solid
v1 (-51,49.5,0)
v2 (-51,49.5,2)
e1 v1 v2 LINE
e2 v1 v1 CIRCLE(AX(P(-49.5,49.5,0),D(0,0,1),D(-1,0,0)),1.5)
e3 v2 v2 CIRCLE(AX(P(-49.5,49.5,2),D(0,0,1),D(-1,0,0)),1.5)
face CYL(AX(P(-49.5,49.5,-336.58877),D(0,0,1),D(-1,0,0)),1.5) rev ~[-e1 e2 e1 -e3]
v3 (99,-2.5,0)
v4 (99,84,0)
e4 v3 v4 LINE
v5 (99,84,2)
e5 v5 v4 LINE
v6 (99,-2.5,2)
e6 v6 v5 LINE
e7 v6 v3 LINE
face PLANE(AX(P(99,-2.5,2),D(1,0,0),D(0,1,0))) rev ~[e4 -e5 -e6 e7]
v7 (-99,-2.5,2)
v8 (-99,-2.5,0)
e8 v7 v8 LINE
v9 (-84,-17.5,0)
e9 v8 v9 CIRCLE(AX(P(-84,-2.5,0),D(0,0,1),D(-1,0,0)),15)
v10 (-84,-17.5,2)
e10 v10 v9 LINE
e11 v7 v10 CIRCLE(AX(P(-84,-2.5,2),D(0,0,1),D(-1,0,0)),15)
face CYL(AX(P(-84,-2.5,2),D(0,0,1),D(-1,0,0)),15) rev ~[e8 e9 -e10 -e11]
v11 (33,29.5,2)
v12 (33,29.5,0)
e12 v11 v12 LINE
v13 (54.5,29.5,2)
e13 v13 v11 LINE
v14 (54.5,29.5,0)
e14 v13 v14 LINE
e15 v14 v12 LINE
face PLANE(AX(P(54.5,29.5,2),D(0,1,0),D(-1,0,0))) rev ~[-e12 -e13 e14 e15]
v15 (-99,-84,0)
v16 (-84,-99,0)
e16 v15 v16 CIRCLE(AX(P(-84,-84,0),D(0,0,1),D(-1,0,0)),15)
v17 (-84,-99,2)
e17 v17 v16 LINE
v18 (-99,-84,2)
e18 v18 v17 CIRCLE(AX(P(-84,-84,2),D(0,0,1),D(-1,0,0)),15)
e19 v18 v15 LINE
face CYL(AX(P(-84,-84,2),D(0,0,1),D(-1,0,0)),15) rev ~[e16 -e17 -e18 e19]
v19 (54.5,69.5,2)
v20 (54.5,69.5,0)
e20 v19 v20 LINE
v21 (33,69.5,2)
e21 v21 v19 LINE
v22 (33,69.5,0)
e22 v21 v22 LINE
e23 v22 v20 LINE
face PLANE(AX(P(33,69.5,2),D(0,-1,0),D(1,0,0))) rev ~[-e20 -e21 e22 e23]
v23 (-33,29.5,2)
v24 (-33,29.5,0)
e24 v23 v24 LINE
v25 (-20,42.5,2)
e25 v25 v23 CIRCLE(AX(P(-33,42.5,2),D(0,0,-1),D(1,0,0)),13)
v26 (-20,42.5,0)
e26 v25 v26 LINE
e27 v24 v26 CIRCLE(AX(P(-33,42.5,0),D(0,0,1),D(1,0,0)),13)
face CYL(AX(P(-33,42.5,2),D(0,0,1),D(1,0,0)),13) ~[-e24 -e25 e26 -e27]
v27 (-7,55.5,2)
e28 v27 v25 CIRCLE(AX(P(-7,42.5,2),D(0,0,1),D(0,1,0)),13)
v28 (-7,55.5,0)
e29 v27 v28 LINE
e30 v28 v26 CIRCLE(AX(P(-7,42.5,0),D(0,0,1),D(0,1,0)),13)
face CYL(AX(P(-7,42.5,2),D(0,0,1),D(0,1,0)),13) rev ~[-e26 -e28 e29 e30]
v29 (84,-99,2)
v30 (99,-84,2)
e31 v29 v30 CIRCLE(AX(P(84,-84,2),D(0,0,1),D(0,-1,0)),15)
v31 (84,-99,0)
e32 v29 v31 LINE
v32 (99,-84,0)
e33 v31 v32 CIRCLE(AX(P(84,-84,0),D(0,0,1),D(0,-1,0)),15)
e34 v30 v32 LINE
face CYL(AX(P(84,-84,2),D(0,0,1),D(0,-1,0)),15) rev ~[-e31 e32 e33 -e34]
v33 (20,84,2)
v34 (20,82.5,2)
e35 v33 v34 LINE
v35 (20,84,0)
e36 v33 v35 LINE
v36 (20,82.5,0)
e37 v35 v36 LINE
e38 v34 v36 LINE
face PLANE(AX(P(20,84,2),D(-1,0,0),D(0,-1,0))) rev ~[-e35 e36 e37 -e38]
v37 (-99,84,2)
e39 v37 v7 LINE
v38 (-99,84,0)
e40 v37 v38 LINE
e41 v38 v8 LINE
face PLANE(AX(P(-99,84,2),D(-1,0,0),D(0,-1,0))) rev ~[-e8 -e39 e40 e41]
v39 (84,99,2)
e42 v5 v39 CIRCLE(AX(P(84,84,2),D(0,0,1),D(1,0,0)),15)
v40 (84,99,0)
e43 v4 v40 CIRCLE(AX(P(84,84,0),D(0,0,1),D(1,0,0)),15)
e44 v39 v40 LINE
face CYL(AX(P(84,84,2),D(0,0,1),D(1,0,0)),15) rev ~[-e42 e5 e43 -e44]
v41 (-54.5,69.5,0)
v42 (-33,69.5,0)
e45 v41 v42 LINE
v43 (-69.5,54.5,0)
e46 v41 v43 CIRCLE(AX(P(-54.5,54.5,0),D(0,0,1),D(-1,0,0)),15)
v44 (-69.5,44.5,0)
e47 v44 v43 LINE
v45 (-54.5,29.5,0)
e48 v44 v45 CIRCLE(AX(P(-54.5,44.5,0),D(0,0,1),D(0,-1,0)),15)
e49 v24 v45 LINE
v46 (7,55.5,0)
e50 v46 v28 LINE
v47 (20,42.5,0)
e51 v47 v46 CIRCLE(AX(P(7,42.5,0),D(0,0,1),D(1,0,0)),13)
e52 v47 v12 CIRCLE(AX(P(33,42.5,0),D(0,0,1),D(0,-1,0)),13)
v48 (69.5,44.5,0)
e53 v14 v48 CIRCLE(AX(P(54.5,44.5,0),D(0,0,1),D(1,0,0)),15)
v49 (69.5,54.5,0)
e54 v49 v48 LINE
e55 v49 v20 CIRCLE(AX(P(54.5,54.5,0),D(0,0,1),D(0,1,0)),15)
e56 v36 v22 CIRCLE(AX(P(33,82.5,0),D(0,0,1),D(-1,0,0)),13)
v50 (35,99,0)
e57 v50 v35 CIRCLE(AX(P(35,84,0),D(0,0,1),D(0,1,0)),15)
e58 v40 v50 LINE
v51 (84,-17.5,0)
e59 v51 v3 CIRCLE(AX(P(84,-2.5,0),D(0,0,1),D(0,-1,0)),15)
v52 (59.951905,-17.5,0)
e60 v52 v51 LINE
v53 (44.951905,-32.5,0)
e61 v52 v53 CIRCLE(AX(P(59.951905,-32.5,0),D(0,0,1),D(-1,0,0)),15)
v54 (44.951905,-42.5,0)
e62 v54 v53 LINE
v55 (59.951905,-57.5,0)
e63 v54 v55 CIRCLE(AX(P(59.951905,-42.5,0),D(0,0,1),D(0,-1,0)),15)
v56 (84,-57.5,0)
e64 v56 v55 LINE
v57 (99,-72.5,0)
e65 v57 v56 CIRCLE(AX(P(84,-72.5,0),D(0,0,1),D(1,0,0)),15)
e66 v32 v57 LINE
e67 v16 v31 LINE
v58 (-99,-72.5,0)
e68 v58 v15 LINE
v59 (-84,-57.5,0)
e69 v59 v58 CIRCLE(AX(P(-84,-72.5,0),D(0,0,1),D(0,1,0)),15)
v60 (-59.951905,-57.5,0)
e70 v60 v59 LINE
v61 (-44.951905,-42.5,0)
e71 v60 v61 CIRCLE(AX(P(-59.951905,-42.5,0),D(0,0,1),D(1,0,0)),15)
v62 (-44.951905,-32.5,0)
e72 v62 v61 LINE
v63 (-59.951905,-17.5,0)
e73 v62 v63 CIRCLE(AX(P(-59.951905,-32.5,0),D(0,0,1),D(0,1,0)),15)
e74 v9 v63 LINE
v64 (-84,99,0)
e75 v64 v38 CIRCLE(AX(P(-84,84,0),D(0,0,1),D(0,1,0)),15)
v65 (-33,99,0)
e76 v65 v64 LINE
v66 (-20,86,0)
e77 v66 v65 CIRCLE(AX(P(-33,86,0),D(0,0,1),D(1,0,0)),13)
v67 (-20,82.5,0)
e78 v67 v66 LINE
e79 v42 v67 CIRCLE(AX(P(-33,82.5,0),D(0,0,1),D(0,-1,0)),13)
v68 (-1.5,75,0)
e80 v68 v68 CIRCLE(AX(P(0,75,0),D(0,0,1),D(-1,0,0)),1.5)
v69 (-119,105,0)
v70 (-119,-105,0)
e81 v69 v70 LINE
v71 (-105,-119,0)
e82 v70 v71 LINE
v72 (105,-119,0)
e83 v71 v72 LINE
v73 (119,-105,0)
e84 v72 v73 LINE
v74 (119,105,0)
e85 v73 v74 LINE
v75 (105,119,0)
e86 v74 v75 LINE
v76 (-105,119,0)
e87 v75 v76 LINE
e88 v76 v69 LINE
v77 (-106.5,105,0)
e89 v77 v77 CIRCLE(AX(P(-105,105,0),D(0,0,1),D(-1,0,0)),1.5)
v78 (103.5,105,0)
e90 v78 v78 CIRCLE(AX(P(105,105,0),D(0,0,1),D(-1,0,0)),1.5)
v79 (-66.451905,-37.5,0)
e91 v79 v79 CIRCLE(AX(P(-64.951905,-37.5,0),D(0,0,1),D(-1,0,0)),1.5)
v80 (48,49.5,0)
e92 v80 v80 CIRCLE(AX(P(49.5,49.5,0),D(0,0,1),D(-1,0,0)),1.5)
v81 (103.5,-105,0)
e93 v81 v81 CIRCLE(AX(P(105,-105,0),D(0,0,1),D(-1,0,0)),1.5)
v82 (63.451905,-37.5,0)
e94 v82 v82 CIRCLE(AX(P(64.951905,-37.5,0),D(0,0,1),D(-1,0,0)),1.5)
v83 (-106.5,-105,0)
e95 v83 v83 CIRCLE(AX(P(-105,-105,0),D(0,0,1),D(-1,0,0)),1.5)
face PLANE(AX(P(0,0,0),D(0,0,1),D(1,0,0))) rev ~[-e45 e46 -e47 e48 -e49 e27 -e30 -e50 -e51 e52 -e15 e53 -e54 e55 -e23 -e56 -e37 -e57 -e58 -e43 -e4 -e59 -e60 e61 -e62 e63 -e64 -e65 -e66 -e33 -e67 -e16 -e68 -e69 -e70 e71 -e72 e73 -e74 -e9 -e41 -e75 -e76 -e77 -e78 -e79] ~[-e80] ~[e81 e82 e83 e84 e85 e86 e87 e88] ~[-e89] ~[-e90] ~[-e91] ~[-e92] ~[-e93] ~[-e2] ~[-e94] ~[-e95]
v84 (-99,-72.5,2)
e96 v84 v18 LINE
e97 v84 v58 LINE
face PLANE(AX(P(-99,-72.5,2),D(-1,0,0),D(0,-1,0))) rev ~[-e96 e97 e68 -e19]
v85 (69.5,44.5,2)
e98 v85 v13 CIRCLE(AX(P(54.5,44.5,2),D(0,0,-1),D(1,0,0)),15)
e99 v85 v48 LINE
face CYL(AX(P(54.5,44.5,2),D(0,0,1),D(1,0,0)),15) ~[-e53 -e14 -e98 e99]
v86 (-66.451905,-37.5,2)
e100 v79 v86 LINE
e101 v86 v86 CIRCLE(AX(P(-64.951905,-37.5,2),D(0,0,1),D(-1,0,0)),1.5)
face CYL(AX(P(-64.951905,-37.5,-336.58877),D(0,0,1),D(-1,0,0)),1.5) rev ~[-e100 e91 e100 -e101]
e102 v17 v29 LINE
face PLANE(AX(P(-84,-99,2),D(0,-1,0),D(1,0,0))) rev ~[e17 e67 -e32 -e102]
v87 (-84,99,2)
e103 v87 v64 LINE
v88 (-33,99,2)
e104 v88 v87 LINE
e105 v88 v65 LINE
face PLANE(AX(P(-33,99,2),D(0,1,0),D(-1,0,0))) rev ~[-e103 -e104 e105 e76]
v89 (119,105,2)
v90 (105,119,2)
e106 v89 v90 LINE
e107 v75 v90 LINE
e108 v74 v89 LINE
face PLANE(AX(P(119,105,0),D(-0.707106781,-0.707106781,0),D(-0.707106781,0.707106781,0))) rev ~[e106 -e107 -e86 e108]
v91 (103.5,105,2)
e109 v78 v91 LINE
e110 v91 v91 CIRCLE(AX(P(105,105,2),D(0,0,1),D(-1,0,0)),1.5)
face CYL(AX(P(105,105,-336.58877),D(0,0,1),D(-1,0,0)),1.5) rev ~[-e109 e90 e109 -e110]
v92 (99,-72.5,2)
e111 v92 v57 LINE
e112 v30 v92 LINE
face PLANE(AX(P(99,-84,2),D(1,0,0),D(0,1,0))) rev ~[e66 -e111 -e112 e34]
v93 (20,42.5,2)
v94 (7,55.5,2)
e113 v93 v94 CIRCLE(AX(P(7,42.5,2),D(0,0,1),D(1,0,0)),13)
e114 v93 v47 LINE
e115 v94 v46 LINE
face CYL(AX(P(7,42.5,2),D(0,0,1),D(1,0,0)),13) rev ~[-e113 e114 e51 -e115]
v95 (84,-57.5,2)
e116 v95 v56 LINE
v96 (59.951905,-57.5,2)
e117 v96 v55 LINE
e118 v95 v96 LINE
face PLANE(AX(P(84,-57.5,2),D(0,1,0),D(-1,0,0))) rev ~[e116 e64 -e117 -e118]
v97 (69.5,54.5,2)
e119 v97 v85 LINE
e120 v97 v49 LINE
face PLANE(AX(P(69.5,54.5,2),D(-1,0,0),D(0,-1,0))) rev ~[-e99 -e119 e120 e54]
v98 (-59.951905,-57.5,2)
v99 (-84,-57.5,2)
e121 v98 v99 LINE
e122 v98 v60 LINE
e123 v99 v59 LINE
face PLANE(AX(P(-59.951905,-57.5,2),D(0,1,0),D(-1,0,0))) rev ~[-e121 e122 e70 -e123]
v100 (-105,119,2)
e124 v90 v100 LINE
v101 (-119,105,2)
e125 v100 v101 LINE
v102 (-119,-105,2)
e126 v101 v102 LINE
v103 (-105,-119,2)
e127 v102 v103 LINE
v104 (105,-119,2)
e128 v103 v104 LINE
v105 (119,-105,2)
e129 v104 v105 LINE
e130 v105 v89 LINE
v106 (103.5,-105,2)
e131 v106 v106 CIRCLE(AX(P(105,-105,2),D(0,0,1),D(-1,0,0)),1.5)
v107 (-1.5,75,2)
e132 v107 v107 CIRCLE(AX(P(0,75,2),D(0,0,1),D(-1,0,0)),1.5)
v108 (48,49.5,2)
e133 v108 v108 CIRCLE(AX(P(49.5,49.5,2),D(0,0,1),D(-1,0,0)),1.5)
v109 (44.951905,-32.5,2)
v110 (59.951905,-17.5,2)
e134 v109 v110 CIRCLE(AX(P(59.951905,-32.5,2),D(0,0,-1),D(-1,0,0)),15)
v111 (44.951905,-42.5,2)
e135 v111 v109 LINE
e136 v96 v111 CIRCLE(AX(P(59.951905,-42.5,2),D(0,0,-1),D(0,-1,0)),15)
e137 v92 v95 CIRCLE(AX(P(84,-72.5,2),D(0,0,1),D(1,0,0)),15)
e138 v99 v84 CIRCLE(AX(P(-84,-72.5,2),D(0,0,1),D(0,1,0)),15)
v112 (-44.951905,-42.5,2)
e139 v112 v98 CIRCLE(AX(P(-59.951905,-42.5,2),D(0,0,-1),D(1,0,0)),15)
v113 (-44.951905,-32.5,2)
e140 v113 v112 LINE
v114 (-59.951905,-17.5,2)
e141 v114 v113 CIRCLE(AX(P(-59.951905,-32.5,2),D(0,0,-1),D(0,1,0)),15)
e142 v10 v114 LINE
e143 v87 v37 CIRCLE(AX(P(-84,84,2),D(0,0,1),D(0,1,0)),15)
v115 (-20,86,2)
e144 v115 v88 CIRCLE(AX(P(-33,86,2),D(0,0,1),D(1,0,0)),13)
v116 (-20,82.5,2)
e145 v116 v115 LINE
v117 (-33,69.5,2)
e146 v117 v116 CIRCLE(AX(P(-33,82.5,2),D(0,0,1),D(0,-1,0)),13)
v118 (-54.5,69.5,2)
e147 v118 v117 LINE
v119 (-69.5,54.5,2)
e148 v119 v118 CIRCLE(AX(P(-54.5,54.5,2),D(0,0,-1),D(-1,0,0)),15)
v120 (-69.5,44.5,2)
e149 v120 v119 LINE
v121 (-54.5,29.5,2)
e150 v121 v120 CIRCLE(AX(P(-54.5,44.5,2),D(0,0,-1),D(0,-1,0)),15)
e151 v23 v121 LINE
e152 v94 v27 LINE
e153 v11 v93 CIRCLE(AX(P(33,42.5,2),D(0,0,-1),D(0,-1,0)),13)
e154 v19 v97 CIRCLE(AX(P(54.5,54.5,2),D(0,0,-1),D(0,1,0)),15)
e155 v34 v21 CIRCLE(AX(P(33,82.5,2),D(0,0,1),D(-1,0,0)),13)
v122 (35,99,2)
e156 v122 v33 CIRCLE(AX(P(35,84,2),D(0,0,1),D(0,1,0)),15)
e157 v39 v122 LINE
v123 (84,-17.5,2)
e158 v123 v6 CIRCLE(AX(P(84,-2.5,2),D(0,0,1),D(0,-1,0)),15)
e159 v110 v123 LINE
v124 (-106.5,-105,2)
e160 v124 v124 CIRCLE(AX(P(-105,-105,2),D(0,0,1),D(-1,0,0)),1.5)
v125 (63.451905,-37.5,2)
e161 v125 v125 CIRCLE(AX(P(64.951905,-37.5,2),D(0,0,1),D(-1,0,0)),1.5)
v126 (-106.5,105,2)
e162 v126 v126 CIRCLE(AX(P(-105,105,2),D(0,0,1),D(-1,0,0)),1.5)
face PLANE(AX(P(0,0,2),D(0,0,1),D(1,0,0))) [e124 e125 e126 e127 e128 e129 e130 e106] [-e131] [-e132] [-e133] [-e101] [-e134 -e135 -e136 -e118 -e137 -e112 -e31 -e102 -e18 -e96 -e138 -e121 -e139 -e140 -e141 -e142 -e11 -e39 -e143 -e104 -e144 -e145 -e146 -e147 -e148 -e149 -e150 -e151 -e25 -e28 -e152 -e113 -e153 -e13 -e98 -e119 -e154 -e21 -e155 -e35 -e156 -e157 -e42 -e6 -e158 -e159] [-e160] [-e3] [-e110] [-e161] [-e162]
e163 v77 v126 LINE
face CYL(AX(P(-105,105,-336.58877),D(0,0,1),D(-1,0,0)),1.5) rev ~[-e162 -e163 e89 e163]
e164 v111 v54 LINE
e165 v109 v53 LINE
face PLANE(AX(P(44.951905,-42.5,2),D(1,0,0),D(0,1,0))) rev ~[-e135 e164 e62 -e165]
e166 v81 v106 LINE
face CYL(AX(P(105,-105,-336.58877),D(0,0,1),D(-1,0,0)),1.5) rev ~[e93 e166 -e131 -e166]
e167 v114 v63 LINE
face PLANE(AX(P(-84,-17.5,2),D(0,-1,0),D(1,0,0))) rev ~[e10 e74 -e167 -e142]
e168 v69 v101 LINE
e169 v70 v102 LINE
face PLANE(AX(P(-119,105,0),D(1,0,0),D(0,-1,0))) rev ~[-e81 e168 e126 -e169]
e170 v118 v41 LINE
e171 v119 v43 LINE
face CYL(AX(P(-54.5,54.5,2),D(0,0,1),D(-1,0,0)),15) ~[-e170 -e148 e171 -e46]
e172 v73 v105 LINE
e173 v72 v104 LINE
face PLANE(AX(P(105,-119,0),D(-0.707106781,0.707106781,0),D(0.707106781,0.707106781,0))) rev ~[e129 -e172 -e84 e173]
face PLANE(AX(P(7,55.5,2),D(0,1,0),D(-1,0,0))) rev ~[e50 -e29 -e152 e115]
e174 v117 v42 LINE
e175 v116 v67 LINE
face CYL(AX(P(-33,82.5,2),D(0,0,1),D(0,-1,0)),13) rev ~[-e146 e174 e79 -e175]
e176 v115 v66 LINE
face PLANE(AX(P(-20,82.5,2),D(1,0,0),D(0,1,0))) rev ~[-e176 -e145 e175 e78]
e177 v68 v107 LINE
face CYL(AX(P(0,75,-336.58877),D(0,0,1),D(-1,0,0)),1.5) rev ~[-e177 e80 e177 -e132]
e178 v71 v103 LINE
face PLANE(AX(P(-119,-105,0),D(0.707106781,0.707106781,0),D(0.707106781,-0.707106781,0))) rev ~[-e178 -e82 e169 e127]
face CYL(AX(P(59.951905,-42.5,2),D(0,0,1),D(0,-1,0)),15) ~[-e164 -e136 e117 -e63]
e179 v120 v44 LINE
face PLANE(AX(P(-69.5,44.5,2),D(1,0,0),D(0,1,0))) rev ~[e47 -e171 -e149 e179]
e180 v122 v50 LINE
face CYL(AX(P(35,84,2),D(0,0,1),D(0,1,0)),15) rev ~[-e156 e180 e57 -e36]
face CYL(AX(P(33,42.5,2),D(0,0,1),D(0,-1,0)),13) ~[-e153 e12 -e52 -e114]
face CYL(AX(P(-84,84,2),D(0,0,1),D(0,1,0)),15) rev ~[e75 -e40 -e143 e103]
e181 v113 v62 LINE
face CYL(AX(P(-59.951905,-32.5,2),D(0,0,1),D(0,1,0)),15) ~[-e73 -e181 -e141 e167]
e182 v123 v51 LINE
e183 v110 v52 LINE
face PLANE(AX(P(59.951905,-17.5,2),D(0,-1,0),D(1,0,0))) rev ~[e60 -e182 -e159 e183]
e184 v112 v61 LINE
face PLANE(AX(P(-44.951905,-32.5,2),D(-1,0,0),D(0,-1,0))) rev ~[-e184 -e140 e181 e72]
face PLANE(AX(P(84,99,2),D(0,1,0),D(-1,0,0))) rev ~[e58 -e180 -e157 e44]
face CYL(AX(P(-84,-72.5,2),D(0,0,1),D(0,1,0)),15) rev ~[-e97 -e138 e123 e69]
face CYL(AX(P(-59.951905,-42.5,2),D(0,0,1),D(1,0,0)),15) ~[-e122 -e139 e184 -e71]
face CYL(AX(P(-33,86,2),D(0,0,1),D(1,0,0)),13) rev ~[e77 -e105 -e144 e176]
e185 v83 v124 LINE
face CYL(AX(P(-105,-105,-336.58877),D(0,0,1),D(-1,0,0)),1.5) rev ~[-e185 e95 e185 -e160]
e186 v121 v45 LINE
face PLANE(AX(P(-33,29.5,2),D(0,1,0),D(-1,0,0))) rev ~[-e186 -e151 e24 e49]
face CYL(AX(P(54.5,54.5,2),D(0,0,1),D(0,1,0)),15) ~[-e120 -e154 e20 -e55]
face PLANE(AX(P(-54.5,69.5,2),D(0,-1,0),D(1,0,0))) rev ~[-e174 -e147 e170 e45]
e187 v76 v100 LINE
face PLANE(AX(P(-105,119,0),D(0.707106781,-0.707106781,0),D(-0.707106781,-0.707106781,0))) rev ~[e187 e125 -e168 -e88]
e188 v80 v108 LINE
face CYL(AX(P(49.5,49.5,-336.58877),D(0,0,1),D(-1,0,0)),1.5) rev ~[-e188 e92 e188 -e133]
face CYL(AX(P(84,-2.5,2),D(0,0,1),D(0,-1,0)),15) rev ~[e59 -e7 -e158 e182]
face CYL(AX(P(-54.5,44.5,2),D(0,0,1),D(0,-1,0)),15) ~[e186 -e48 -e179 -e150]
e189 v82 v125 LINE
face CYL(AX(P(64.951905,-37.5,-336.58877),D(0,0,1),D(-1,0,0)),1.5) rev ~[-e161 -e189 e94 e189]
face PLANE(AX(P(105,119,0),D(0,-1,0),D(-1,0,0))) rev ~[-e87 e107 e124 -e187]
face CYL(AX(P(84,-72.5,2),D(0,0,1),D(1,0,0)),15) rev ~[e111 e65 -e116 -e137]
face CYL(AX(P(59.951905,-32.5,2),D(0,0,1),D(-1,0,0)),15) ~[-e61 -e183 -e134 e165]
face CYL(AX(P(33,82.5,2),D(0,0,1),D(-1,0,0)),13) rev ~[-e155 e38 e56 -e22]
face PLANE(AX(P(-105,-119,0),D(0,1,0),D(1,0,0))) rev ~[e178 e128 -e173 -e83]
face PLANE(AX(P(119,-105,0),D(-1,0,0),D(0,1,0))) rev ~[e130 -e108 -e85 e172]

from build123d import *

# Parameters (mm, degrees)
F1_DEPTH = 2
F2_D     = 3
F3_R     = 12.5
F4_DEPTH = 25


with BuildPart() as f1:
    # F0 (on Top) → F1 (new body)
    with BuildSketch(Plane.XY):
        Polygon((119, 105), (105, 119), (-105, 119), (-119, 105), (-119, -105), (-105, -119), (105, -119), (119, -105), align=None)
    extrude(amount=F1_DEPTH)

    # F2 (through all)
    with Locations(Plane(origin=(0, 0, 0), x_dir=(1, 0, 0), z_dir=(0, 0, -1))):
        with Locations((-105, -105), (105, -105), (-105, 105), (105, 105), (0, -75), (64.9519052838, 37.5), (-64.9519052838, 37.5), (-49.5, -49.5), (49.5, -49.5)):
            Hole(F2_D / 2)

    # F3 (on face) → F4 (cut)
    with BuildSketch(Plane.XY.offset(2)):
        with BuildLine():
            Line((-99, 84), (-99, -2.5))
            ThreePointArc((-99, -2.5), (-94.6066017178, -13.1066017178), (-84, -17.5))
            Line((-84, -17.5), (-59.9519052838, -17.5))
            ThreePointArc((-59.9519052838, -17.5), (-49.345303566, -21.8933982822), (-44.9519052838, -32.5))
            Line((-44.9519052838, -32.5), (-44.9519052838, -42.5))
            ThreePointArc((-44.9519052838, -42.5), (-49.345303566, -53.1066017178), (-59.9519052838, -57.5))
            Line((-59.9519052838, -57.5), (-84, -57.5))
            ThreePointArc((-84, -57.5), (-94.6066017178, -61.8933982822), (-99, -72.5))
            Line((-99, -72.5), (-99, -84))
            ThreePointArc((-99, -84), (-94.6066017178, -94.6066017178), (-84, -99))
            Line((-84, -99), (84, -99))
            ThreePointArc((84, -99), (94.6066017178, -94.6066017178), (99, -84))
            Line((99, -84), (99, -72.5))
            ThreePointArc((99, -72.5), (94.6066017178, -61.8933982822), (84, -57.5))
            Line((84, -57.5), (59.9519052838, -57.5))
            ThreePointArc((59.9519052838, -57.5), (49.345303566, -53.1066017178), (44.9519052838, -42.5))
            Line((44.9519052838, -42.5), (44.9519052838, -37.5))
            Line((44.9519052838, -37.5), (44.9519052838, -32.5))
            ThreePointArc((44.9519052838, -32.5), (49.345303566, -21.8933982822), (59.9519052838, -17.5))
            Line((59.9519052838, -17.5), (84, -17.5))
            ThreePointArc((84, -17.5), (94.6066017178, -13.1066017178), (99, -2.5))
            Line((99, -2.5), (99, 40.75))
            Line((99, 40.75), (99, 84))
            ThreePointArc((99, 84), (94.6066017178, 94.6066017178), (84, 99))
            Line((84, 99), (35, 99))
            ThreePointArc((35, 99), (24.3933982822, 94.6066017178), (20, 84))
            Line((20, 84), (20, 82.5))
            ThreePointArc((20, 82.5), (23.8076118446, 73.3076118446), (33, 69.5))
            Line((33, 69.5), (54.5, 69.5))
            ThreePointArc((54.5, 69.5), (65.1066017178, 65.1066017178), (69.5, 54.5))
            Line((69.5, 54.5), (69.5, 44.5))
            ThreePointArc((69.5, 44.5), (65.1066017178, 33.8933982822), (54.5, 29.5))
            Line((54.5, 29.5), (33, 29.5))
            ThreePointArc((33, 29.5), (23.8076118446, 33.3076118446), (20, 42.5))
            ThreePointArc((20, 42.5), (16.1923881554, 51.6923881554), (7, 55.5))
            Line((7, 55.5), (-7, 55.5))
            ThreePointArc((-7, 55.5), (-16.1923881554, 51.6923881554), (-20, 42.5))
            ThreePointArc((-20, 42.5), (-23.8076118446, 33.3076118446), (-33, 29.5))
            Line((-33, 29.5), (-54.5, 29.5))
            ThreePointArc((-54.5, 29.5), (-65.1066017178, 33.8933982822), (-69.5, 44.5))
            Line((-69.5, 44.5), (-69.5, 54.5))
            ThreePointArc((-69.5, 54.5), (-65.1066017178, 65.1066017178), (-54.5, 69.5))
            Line((-54.5, 69.5), (-33, 69.5))
            ThreePointArc((-33, 69.5), (-23.8076118446, 73.3076118446), (-20, 82.5))
            Line((-20, 82.5), (-20, 86))
            ThreePointArc((-20, 86), (-23.8076118446, 95.1923881554), (-33, 99))
            Line((-33, 99), (-84, 99))
            ThreePointArc((-84, 99), (-94.6066017178, 94.6066017178), (-99, 84))
        make_face()
        Circle(F3_R, mode=Mode.SUBTRACT)
        Circle(F3_R)
    extrude(amount=-F4_DEPTH, mode=Mode.SUBTRACT)


solid = f1.part
